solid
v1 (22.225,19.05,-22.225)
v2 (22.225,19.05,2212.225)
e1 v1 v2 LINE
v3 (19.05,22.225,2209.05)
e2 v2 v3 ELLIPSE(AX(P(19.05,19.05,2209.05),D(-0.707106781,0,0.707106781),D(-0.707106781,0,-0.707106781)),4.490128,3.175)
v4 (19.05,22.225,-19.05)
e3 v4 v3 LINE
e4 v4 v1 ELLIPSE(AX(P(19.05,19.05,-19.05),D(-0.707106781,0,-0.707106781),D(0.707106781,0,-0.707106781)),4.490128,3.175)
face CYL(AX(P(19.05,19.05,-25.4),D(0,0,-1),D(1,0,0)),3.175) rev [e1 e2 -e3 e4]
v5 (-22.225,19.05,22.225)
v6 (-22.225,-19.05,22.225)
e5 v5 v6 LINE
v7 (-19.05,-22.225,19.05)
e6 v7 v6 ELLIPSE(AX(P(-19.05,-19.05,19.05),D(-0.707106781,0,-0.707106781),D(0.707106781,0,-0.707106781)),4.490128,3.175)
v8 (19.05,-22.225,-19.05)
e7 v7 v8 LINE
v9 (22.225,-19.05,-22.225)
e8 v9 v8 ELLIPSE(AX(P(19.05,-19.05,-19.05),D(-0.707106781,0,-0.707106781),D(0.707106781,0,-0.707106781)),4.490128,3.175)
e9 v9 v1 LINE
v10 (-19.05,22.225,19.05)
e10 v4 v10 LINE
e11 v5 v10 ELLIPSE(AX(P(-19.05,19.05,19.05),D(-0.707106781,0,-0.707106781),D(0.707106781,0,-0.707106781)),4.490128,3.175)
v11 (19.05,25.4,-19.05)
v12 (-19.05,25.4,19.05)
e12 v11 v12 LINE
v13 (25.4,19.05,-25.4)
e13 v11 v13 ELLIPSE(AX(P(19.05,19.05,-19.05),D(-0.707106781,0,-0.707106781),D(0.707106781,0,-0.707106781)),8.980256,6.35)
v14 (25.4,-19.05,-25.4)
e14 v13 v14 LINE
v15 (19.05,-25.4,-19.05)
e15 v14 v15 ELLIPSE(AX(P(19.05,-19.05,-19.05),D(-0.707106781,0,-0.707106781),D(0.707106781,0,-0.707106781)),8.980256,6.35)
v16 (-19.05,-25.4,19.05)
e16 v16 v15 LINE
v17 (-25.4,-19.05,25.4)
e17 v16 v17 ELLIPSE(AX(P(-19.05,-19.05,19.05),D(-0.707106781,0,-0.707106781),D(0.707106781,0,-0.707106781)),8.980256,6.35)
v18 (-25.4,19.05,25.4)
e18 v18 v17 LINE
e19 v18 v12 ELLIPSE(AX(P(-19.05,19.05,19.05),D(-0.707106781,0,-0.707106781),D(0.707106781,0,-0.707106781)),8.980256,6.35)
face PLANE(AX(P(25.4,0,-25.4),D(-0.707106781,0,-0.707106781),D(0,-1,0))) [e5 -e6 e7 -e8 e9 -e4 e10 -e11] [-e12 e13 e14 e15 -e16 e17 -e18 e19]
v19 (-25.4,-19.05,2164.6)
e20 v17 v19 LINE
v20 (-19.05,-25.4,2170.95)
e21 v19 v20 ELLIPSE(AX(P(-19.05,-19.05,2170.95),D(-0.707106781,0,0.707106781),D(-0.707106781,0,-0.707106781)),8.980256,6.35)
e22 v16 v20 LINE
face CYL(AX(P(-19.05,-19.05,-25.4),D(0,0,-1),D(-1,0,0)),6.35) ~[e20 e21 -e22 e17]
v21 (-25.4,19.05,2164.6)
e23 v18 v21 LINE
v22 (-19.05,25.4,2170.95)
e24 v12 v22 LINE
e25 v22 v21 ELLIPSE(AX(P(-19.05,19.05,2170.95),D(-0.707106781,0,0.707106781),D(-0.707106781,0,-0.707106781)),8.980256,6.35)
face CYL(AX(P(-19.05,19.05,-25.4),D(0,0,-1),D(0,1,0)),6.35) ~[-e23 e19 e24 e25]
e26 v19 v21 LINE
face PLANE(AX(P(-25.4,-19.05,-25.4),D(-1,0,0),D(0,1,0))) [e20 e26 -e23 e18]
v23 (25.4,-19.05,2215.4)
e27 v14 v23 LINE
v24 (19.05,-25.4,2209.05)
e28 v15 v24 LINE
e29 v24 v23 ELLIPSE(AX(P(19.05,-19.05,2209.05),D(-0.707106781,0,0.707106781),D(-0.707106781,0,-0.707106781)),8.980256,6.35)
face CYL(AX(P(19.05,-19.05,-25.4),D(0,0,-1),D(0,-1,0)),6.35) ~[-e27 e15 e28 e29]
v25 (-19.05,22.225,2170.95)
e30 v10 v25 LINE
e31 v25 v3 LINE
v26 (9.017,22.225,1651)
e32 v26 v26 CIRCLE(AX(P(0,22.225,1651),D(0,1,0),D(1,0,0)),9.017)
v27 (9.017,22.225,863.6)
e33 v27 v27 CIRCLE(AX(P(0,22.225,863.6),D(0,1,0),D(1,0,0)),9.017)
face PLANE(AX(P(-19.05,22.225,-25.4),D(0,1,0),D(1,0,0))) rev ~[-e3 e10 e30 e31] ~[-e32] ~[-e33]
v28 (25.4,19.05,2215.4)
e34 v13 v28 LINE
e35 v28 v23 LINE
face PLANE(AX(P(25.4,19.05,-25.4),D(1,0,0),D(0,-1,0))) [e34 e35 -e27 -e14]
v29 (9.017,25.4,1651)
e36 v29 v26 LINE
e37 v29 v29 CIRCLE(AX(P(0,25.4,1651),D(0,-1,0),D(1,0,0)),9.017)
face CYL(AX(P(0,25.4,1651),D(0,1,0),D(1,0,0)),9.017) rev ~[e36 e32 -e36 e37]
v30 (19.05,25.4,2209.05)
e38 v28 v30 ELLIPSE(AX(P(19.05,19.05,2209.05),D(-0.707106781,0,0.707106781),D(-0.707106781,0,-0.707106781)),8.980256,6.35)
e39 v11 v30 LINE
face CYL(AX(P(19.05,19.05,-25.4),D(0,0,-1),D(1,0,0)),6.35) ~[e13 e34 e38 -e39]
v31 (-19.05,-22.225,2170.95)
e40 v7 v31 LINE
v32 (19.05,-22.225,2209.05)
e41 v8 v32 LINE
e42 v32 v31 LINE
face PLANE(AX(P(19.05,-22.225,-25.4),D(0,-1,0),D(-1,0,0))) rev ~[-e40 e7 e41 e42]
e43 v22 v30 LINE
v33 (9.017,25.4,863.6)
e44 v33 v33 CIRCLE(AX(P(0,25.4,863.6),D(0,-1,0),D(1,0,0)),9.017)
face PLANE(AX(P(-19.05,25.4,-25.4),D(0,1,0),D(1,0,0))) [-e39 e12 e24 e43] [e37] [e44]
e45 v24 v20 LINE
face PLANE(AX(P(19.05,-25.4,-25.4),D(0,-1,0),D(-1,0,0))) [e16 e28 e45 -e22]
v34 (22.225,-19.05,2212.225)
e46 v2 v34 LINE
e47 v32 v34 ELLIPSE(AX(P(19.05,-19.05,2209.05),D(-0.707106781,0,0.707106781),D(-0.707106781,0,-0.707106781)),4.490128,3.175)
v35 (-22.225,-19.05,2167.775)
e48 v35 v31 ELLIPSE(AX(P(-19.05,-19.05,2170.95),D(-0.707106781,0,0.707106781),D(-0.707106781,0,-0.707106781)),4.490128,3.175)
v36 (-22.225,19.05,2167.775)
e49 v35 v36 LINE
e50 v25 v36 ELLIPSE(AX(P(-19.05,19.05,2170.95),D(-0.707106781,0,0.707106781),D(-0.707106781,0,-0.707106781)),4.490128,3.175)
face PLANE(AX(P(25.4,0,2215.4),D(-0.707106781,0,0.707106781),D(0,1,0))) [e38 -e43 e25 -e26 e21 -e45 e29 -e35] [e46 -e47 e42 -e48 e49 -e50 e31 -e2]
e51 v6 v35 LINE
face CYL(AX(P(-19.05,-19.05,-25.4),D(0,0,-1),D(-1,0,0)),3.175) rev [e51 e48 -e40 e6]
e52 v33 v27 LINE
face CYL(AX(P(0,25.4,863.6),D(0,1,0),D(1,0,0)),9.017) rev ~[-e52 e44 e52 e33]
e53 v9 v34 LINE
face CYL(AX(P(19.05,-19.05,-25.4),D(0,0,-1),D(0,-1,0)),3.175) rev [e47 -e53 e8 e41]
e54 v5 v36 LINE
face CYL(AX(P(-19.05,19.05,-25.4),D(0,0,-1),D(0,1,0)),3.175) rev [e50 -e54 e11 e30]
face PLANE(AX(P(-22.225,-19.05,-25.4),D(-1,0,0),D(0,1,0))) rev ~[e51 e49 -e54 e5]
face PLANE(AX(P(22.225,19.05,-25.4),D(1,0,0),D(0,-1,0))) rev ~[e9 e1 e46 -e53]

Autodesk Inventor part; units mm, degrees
ref_plane "Plano inicial" through (0, 0, -25.4) normal (0, 0, 1) x (1, 0, 0)
ref_plane "Plano final" through (0, 0, 2215.4) normal (0, 0, 1) x (1, 0, 0)
sketch "Boceto" plane through (0, 0, 0) normal (0, 0, 1) x (1, 0, 0)
  line L0 (-25.4, -19.05) -> (-25.4, 19.05)
  line L1 (-19.05, 25.4) -> (19.05, 25.4)
  line L2 (25.4, 19.05) -> (25.4, -19.05)
  line L3 (19.05, -25.4) -> (-19.05, -25.4)
  arc A0 (-25.4, -19.05) -> (-19.05, -25.4) centre (-19.05, -19.05) ccw
  arc A1 (-19.05, 25.4) -> (-25.4, 19.05) centre (-19.05, 19.05) ccw
  arc A2 (25.4, 19.05) -> (19.05, 25.4) centre (19.05, 19.05) ccw
  arc A3 (19.05, -25.4) -> (25.4, -19.05) centre (19.05, -19.05) ccw
  arc A4 (-19.05, 22.225) -> (-22.225, 19.05) centre (-19.05, 19.05) ccw
  line L4 (-19.05, 22.225) -> (19.05, 22.225)
  arc A5 (22.225, 19.05) -> (19.05, 22.225) centre (19.05, 19.05) ccw
  line L5 (22.225, 19.05) -> (22.225, -19.05)
  arc A6 (19.05, -22.225) -> (22.225, -19.05) centre (19.05, -19.05) ccw
  line L6 (19.05, -22.225) -> (-19.05, -22.225)
  arc A7 (-22.225, -19.05) -> (-19.05, -22.225) centre (-19.05, -19.05) ccw
  line L7 (-22.225, -19.05) -> (-22.225, 19.05)
  line L8 (0, 37.4012) -> (0, -37.4012) construction
  line L9 (-37.4012, 0) -> (37.4012, 0) construction
  dimension "d10" = 50.8
  dimension "d11" = 50.8
  dimension "d12" = 3.175
  dimension "d15" = 25.4
  dimension "d16" = 25.4
  dimension "d17" = 6.35
extrude "Cuerpo" add sketch "Boceto" along normal up to surface (2240.8 mm away) from surface at -25.4
sketch "Sketch3" plane through (0, 0, 0) normal (0, 0, 1) x (1, 0, 0)
  line L0 (0, 0) -> (10, 0)
ref_plane "Work Plane3" through (0, 0, 0) normal (0, -1, 0) x (1, 0, 0)
ref_plane "Plano de trabajo4" through (25.4, 0, -25.4) normal (-0.7071, 0, -0.7071) x (-0.7071, 0, 0.7071)
split "Dividir1" plane through (25.4, 0, -25.4) removes the side toward (-0.7071, 0, -0.7071)
ref_plane "Plano de trabajo5" through (25.4, 0, 2215.4) normal (-0.7071, 0, 0.7071) x (0.7071, 0, 0.7071)
split "Dividir2" plane through (25.4, 0, 2215.4) removes the side toward (-0.7071, 0, 0.7071)
sketch "Boceto5" plane through (19.05, 25.4, 2209.05) normal (0, 1, 0) x (1, 0, 0)
  line L0 (-19.05, 2209.05) -> (-19.05, 19.05)
  line L1 (-38.1, 38.1) -> (0, 0) projected
  circle A0 centre (-19.05, 1345.45) radius 9.017
  circle A1 centre (-19.05, 558.05) radius 9.017
  line L2 (0, 2228.1) -> (-38.1, 2190) projected
  circle A2 centre (-19.05, 2113.9013) radius 8.4404
  point P0 (-19.05, 2209.05)
  point P1 (-19.05, 2209.05)
  point P2 (-19.05, 2209.05)
  dimension "d20" = 18.034
  dimension "d21" = 18.034
  dimension "d22" = 863.6
  dimension "d23" = 1651
  dimension "d26" = 95.1487
extrude "Extrusión2" cut sketch "Boceto5" against normal blind 6.35 contours A1 L0 | L0 A1 | A0 L0 | L0 A0
sketch "Sketch4" plane through (0, 0, 0) normal (0, -1, 0) x (1, 0, 0)
  line L0 (-2, -25.4) -> (12, -25.4) projected
  line L1 (-2, 2215.4) -> (12, 2215.4) projected
  dimension "d19" = 2240.8
equation "\"d10\" = G_H"
equation "\"d11\" = G_W"
equation "\"d12\" = G_T"
equation "\"d15\" = 0.5 * d10"
equation "\"d16\" = 0.5 * d11"
equation "\"d17\" = G_IR"
equation "\"d3\" = G_L"
equation "\"G_W\" = 50.8"
equation "\"G_H\" = 50.8"
equation "\"G_T\" = 3.175"
equation "\"G_IR\" = 6.35"
equation "\"G_L\" = d19"
equation "\"G_OFFSET_START\" = 25.4"
equation "\"G_OFFSET_END\" = 25.4"
equation "\"d13\" = -G_OFFSET_START"
equation "\"d14\" = G_OFFSET_END + B_L"
equation "\"B_L\" = 2190"
properties part number "AISC - 2 x 2 x 1/8 - 88,22" material "Acero, suave"
